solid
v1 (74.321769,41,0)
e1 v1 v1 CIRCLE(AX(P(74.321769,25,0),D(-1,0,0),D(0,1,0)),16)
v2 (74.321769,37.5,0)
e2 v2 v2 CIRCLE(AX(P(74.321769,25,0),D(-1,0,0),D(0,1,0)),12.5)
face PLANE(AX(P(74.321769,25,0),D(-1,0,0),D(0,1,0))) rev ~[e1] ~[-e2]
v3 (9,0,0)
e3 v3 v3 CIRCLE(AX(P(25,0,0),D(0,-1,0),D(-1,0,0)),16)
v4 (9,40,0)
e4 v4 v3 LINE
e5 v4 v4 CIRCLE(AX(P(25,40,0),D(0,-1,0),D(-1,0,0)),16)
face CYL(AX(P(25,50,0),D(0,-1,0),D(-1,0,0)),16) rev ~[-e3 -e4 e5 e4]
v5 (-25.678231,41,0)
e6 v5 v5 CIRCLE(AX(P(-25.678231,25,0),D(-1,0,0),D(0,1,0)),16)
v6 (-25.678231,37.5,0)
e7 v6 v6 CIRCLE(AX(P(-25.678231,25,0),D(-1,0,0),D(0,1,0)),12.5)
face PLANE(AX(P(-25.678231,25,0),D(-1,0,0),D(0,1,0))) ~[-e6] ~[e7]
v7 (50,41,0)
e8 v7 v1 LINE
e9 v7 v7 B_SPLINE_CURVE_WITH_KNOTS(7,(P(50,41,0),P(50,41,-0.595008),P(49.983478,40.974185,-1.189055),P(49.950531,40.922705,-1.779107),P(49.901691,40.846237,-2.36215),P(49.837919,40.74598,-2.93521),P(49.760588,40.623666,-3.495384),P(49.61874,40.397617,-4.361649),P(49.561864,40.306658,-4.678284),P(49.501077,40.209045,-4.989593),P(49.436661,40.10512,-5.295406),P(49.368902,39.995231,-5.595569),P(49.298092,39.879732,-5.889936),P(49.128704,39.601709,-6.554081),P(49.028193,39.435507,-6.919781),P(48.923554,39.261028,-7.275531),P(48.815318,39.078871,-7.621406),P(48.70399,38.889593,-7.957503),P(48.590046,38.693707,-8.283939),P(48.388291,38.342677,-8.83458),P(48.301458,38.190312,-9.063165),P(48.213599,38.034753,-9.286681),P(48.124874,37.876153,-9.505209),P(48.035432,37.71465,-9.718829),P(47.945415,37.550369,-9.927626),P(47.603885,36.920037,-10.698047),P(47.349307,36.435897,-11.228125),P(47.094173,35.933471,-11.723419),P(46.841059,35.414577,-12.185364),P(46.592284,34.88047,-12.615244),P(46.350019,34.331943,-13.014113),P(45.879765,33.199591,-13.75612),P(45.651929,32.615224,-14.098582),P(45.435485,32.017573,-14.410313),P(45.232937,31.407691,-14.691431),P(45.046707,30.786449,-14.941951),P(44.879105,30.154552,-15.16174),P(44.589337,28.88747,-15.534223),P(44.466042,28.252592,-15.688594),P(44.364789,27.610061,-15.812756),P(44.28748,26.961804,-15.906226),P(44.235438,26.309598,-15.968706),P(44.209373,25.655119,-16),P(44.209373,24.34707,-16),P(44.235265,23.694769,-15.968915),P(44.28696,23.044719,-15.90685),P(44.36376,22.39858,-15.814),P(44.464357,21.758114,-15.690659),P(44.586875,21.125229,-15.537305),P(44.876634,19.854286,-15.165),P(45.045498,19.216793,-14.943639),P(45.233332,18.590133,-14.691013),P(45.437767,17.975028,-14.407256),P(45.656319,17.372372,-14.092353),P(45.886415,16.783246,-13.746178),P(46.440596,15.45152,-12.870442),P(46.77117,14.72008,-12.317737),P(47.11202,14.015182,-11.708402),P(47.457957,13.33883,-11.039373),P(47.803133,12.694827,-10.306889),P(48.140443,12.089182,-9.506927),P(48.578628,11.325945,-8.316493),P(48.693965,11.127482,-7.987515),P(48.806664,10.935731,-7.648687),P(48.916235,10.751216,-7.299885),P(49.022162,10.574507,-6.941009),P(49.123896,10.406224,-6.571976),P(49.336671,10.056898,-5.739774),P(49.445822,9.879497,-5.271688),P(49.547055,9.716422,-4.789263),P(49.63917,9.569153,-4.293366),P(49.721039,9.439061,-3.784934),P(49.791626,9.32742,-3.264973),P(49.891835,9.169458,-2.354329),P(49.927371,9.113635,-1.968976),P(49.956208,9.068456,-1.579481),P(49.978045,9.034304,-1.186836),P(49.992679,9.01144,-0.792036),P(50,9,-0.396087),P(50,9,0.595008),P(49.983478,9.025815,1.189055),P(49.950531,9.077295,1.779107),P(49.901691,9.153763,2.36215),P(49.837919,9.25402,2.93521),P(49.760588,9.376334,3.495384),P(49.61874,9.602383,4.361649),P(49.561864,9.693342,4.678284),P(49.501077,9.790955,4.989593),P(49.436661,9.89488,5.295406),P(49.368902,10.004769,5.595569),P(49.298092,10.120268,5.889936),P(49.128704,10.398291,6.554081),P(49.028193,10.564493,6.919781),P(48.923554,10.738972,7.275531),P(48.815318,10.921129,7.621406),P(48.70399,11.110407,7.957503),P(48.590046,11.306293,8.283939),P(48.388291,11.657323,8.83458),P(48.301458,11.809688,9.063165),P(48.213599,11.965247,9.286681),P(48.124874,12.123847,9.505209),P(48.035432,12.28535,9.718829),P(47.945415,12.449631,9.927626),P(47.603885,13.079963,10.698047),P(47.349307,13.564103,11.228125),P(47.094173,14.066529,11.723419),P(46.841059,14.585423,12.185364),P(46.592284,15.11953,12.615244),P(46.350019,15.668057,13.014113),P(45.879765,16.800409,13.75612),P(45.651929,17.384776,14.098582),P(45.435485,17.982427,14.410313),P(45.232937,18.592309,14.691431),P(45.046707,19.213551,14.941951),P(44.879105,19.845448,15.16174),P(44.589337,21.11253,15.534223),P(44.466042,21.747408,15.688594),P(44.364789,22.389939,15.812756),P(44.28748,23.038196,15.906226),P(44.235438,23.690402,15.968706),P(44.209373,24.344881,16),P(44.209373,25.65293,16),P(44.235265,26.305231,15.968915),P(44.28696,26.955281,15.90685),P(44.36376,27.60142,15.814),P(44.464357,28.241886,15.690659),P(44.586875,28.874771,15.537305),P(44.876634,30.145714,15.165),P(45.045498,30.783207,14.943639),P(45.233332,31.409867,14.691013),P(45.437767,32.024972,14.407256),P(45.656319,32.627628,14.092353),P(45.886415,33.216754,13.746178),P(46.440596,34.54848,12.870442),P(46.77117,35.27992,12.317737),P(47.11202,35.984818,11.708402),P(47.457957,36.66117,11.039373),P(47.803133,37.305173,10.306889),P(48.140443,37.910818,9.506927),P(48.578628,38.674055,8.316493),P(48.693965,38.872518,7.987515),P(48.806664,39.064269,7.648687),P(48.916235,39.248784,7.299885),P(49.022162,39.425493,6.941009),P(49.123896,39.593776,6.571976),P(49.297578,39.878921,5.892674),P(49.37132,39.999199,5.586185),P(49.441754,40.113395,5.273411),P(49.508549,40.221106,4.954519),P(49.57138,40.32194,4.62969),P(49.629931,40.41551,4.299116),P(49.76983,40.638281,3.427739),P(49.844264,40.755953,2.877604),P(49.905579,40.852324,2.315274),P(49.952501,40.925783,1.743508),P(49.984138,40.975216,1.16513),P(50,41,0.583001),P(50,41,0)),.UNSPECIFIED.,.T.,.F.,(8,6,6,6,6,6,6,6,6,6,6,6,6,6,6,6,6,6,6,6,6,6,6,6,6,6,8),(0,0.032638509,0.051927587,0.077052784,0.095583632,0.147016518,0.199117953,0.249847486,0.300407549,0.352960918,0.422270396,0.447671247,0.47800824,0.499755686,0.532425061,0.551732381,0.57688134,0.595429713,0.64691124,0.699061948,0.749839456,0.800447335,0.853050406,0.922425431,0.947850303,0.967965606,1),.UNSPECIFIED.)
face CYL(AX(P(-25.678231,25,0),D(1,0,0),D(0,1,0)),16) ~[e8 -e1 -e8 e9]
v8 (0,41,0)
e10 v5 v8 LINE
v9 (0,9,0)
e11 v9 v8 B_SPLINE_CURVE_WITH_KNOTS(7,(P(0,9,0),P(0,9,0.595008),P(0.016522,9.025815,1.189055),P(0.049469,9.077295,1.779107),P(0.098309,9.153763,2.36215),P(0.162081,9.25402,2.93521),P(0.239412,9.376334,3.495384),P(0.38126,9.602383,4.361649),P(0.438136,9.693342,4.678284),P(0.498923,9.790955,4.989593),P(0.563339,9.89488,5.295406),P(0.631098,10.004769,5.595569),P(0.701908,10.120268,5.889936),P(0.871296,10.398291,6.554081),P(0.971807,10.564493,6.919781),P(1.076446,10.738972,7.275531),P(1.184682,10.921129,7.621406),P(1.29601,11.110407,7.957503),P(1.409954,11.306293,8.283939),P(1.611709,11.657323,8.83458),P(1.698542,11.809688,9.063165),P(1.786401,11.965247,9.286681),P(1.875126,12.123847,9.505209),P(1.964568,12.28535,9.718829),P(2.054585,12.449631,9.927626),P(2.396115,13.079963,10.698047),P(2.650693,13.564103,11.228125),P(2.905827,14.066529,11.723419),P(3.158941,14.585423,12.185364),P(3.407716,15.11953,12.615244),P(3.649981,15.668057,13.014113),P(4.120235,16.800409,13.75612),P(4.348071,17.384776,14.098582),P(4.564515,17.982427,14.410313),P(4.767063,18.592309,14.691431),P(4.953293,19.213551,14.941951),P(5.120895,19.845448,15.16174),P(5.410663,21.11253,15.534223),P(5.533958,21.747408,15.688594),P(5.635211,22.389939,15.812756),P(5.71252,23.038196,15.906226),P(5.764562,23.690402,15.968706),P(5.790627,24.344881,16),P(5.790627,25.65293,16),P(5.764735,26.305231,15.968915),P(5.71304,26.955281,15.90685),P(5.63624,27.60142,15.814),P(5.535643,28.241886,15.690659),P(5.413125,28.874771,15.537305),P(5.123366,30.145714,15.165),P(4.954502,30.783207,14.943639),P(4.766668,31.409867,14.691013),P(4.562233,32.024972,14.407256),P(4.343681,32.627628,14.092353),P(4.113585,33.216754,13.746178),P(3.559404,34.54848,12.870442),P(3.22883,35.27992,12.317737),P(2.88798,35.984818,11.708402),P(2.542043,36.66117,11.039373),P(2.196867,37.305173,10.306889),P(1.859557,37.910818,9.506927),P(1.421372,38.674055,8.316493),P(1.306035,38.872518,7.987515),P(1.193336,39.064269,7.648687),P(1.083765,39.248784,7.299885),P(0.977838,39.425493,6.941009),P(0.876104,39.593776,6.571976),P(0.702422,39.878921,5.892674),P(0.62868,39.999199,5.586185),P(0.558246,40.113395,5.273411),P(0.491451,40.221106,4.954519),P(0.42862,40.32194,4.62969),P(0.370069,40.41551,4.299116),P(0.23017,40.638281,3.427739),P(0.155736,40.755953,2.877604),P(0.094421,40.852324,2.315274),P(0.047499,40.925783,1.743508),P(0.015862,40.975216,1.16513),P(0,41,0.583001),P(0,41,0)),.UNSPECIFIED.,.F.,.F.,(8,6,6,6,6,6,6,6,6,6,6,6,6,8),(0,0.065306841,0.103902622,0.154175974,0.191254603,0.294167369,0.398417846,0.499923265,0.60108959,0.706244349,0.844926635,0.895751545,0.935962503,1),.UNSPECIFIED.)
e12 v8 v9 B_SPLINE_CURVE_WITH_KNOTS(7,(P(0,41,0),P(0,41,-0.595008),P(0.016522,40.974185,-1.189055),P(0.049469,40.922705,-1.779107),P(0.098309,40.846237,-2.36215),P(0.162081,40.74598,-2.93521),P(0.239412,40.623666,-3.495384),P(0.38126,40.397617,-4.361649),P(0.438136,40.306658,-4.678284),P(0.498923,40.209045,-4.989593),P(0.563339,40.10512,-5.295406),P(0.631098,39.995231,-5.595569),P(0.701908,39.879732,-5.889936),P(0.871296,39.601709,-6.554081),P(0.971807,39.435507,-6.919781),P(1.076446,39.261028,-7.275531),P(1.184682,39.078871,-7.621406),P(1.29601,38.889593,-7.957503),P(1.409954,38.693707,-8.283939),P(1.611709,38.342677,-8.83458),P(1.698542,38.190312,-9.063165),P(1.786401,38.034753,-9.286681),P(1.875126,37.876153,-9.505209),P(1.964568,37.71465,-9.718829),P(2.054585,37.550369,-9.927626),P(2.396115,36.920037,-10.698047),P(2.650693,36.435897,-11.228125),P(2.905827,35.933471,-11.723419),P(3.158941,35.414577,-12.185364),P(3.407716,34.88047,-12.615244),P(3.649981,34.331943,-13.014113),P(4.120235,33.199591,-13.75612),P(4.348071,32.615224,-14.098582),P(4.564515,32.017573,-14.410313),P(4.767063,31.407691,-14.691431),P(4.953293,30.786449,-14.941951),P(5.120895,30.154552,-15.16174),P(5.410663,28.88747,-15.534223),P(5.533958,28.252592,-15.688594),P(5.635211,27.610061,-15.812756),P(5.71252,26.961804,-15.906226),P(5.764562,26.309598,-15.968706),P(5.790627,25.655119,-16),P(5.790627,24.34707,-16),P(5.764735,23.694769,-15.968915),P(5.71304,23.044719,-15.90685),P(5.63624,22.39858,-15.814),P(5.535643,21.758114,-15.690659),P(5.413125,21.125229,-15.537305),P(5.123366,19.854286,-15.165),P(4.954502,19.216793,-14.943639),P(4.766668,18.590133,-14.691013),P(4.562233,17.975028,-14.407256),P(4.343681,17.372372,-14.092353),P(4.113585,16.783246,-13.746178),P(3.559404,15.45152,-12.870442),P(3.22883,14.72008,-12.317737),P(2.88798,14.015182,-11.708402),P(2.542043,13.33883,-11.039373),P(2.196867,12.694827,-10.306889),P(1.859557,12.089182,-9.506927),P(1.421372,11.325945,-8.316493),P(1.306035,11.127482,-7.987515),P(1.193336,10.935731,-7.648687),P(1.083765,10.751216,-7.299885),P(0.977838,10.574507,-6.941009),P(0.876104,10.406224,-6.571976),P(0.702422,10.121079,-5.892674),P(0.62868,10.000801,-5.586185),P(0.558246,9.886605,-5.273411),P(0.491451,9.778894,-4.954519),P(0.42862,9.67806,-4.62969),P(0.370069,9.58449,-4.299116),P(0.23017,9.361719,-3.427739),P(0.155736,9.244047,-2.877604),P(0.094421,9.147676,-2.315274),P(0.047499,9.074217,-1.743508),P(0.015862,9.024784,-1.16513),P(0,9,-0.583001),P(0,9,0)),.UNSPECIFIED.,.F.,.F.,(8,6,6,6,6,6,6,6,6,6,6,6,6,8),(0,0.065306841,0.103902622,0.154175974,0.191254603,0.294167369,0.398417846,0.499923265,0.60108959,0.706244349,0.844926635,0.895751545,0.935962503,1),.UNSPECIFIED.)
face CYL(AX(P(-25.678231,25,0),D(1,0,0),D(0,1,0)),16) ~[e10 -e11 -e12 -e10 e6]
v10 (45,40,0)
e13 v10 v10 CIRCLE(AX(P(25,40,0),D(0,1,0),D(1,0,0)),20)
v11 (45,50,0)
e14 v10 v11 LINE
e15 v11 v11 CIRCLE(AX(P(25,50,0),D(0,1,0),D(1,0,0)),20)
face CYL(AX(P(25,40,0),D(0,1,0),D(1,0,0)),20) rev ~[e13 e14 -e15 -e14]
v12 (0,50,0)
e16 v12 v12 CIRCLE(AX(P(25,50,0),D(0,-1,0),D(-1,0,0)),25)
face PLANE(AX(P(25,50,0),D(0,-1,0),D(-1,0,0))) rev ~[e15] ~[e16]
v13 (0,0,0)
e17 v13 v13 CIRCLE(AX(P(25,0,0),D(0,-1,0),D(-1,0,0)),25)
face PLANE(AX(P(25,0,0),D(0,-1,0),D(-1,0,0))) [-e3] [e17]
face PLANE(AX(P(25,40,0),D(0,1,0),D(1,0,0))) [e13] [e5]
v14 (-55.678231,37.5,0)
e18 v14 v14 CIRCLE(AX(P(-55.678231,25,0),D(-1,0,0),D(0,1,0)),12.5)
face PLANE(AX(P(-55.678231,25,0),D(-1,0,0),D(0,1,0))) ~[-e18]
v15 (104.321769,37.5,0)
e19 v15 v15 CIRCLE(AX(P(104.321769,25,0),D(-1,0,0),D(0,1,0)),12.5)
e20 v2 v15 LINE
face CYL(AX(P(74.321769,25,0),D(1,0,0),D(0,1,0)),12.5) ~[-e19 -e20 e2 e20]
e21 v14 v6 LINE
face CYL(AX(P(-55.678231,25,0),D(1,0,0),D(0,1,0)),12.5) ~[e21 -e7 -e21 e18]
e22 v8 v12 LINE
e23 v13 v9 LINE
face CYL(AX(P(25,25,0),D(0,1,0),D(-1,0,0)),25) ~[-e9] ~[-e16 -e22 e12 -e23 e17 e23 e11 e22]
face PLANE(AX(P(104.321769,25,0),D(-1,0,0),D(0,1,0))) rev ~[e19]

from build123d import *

# Parameters (mm, degrees)
SKETCH1_W                               = 25
SKETCH1_H                               = 50
CBORE_FOR_M5_HEX_HEAD_BOLT1_D           = 32
CBORE_FOR_M5_HEX_HEAD_BOLT1_CBORE_D     = 40
CBORE_FOR_M5_HEX_HEAD_BOLT1_CBORE_DEPTH = 10


with BuildPart() as part:
    # Sketch1 → Revolve1 (revolve)
    with BuildSketch(Plane.XY):
        with Locations((12.5, 25)):
            Rectangle(SKETCH1_W, SKETCH1_H)
    revolve(axis=Axis((25, 50, 0), (0, -1, 0)))

    # Sketch2 → Revolve2 (revolve)
    with BuildSketch(Plane.XY):
        Polygon((-55.678230708, 25), (-55.678230708, 37.5), (-25.678230708, 37.5), (-25.678230708, 41), (74.321769292, 41), (74.321769292, 37.5), (104.321769292, 37.5), (104.321769292, 25), align=None)
    revolve(axis=Axis((104.321769292, 25, 0), (-1, 0, 0)))

    # CBORE for M5 Hex Head Bolt1 (through all)
    with Locations(Plane(origin=(0, 50, 0), x_dir=(1, 0, 0), z_dir=(0, 1, 0))):
        with Locations((25, 0)):
            CounterBoreHole(CBORE_FOR_M5_HEX_HEAD_BOLT1_D / 2, CBORE_FOR_M5_HEX_HEAD_BOLT1_CBORE_D / 2, CBORE_FOR_M5_HEX_HEAD_BOLT1_CBORE_DEPTH)


solid = part.part
